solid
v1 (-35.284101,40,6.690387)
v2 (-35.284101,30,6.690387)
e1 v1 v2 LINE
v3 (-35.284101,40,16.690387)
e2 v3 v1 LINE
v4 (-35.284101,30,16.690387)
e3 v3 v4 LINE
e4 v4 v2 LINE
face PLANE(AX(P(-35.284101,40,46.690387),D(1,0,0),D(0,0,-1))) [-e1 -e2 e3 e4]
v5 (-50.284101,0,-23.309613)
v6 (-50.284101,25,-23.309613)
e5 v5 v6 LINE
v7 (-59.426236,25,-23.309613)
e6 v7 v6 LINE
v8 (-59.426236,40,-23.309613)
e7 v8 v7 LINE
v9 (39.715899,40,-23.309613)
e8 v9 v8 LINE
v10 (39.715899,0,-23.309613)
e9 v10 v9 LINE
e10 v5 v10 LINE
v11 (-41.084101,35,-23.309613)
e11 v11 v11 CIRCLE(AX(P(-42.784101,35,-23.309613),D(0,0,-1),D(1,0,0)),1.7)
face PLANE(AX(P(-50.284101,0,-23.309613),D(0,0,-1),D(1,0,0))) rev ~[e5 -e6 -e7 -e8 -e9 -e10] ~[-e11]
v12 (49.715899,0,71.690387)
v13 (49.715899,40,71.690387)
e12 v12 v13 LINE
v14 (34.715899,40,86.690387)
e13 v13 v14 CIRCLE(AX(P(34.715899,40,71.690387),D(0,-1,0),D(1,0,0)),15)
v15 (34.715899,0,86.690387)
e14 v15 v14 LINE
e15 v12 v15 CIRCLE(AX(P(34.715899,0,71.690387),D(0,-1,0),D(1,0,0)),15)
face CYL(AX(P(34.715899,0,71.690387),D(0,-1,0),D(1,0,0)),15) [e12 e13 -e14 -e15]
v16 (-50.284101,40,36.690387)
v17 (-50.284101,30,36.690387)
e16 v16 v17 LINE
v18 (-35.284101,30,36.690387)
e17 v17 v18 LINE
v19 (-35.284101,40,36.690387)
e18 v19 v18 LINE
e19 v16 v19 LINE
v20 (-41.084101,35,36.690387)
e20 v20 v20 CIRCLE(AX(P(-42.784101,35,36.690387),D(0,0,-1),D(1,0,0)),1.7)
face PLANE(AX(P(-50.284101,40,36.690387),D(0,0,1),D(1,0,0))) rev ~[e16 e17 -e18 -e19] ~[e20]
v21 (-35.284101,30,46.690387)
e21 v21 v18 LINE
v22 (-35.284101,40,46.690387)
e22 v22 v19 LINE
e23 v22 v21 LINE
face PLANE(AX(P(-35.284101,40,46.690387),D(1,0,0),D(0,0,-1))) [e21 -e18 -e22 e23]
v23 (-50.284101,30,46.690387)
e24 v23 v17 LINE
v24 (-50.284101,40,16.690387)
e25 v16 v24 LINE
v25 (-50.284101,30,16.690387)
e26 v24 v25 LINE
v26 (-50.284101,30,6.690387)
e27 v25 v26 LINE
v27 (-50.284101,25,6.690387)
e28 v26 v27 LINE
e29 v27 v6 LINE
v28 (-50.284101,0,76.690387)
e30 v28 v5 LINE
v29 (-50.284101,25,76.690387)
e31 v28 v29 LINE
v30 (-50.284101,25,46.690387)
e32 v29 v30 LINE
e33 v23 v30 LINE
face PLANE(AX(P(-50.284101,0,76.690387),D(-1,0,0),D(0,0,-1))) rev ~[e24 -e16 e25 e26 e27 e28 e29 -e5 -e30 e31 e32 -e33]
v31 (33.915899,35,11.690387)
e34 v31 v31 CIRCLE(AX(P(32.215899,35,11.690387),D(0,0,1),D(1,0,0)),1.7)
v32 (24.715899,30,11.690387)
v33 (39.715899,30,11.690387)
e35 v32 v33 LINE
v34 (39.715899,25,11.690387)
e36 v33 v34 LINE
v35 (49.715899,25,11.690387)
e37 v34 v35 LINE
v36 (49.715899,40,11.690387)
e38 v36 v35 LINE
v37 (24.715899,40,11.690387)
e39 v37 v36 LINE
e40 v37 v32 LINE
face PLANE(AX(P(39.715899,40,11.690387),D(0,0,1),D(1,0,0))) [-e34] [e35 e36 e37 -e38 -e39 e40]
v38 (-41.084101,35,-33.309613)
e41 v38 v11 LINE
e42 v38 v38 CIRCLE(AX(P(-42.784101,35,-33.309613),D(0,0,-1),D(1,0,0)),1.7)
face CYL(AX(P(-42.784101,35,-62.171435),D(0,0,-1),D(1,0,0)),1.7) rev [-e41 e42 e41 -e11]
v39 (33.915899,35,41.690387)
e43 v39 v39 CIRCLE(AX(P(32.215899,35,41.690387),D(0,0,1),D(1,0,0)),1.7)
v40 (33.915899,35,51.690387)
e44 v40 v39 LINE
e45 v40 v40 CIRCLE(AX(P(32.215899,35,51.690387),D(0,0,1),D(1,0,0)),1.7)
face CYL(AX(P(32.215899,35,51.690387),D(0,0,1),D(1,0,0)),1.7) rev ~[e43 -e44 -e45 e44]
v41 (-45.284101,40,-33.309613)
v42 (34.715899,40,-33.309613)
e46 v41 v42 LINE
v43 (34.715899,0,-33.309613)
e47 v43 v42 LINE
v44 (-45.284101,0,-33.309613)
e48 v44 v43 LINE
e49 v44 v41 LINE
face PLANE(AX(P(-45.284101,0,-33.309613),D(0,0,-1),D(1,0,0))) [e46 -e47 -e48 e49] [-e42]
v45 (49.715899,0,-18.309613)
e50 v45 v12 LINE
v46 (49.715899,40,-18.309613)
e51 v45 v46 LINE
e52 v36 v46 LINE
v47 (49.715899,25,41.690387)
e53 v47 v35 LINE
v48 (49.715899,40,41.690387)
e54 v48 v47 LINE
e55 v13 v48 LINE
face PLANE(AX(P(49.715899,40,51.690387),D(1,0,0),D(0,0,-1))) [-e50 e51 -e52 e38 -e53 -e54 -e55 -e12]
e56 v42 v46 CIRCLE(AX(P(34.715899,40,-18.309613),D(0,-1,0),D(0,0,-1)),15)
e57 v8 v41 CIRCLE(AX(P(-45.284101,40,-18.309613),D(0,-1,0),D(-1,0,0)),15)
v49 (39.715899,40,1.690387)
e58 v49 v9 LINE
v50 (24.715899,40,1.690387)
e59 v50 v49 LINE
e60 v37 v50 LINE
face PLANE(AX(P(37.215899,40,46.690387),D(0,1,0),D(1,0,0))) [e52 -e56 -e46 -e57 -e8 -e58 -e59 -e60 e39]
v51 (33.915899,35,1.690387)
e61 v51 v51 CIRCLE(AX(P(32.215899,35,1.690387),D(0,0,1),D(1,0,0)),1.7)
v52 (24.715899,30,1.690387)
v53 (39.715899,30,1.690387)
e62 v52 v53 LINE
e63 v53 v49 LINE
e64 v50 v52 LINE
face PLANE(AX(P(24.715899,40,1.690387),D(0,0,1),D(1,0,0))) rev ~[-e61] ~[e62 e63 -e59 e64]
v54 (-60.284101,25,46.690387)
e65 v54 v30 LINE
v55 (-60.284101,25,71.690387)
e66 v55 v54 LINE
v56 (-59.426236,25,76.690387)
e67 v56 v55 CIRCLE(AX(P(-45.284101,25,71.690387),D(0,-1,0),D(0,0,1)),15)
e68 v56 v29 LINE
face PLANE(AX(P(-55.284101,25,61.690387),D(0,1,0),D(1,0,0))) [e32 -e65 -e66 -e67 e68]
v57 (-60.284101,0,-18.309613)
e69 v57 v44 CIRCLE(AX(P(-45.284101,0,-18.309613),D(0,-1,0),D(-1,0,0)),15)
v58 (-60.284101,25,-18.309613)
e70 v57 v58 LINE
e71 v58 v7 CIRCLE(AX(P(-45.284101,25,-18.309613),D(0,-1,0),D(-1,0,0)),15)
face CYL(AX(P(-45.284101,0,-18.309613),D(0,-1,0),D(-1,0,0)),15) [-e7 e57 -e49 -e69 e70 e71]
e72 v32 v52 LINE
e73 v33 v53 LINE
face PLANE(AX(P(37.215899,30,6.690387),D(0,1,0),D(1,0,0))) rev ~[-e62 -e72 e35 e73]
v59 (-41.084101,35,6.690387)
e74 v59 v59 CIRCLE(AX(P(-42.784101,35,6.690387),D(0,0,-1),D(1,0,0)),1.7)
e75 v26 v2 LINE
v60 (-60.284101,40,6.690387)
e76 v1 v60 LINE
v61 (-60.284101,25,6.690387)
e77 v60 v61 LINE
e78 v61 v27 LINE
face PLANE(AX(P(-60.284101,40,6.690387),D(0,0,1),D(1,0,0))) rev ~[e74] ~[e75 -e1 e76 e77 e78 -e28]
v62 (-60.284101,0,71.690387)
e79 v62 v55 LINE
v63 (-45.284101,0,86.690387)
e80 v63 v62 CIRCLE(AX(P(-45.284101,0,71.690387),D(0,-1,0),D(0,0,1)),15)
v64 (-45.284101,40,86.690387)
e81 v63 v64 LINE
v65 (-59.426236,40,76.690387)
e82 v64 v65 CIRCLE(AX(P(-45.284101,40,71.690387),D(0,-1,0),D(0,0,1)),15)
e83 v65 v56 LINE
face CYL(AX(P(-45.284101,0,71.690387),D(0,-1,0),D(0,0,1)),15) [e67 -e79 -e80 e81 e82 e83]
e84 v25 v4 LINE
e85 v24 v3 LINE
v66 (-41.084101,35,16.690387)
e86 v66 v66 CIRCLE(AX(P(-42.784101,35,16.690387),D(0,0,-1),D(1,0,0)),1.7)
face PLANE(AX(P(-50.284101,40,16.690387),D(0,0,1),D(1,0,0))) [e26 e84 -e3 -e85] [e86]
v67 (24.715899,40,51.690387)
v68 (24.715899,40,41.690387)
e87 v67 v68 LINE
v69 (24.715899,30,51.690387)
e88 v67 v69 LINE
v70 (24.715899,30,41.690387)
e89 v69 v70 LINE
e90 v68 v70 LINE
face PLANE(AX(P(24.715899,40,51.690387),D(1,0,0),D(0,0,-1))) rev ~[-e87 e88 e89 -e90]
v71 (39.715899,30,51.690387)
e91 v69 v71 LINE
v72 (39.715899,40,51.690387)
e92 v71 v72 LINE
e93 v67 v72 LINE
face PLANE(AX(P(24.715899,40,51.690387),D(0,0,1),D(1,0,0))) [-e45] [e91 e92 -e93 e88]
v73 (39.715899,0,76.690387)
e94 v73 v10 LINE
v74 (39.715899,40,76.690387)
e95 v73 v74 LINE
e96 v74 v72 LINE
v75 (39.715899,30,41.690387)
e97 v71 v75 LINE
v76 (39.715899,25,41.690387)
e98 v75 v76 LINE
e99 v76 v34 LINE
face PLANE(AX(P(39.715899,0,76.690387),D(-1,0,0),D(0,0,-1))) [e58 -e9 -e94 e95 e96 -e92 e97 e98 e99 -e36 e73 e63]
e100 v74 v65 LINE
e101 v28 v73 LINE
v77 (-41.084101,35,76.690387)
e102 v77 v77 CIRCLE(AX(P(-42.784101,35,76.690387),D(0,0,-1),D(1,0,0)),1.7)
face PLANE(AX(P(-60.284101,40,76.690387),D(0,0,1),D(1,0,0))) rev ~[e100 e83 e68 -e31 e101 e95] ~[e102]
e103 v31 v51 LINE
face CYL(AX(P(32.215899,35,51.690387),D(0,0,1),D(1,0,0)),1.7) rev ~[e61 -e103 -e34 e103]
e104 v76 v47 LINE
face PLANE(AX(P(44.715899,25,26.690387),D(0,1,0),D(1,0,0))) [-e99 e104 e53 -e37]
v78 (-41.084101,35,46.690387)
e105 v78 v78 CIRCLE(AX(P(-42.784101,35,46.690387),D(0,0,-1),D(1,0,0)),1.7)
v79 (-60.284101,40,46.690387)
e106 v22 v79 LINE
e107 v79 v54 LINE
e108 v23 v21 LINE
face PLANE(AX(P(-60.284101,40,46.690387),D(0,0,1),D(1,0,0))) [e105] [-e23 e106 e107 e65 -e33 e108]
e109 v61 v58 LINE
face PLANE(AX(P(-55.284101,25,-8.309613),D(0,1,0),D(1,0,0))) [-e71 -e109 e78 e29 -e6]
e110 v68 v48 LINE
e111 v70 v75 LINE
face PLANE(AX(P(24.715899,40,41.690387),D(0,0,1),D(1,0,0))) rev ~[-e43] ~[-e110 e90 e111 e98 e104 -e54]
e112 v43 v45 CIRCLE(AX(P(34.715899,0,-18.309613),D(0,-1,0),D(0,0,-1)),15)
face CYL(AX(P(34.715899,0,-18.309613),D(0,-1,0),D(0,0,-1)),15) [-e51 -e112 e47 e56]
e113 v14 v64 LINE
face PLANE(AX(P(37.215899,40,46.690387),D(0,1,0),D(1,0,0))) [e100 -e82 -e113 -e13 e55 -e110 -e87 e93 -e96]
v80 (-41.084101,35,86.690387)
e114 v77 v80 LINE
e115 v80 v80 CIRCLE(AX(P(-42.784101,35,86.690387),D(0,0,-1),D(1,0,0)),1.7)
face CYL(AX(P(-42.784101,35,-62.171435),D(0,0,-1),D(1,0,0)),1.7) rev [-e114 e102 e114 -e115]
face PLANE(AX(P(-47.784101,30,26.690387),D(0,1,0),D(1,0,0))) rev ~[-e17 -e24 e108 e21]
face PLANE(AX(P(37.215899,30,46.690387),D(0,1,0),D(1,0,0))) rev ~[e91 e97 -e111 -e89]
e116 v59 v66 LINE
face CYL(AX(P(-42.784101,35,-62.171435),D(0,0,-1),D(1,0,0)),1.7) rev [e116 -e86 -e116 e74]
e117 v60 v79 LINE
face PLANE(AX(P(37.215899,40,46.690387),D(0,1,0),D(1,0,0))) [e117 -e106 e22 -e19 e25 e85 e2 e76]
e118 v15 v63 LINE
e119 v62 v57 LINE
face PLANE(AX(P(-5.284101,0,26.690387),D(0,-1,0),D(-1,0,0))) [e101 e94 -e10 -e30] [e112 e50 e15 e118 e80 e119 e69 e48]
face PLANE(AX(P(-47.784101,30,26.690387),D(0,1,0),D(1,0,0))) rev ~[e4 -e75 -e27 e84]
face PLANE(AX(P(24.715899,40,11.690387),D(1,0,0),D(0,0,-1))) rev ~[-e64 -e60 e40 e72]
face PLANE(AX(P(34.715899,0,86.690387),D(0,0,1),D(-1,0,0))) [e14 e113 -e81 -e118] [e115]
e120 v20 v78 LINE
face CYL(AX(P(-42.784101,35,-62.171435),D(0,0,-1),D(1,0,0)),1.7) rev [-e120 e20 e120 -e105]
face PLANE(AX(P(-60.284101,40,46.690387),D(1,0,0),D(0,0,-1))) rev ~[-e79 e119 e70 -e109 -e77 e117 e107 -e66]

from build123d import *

# Parameters (mm, degrees)
SKETCH1_W               = 90
SKETCH1_H               = 100
BOSS_EXTRUDE1_DEPTH     = 40
SKETCH3_W               = 25
SKETCH3_H               = 40
BOSS_EXTRUDE3_DEPTH     = 10
SKETCH5_W               = 15
SKETCH5_H               = 20
CUT_EXTRUDE1_DEPTH      = 10
SKETCH6_W               = 25
SKETCH6_H               = 10
BOSS_EXTRUDE4_DEPTH     = 10
SKETCH7_W               = 10
SKETCH7_H               = 30
CUT_EXTRUDE2_DEPTH      = 15
CUT_EXTRUDE3_DEPTH      = 108.861822617
CUT_EXTRUDE3_DEPTH_BACK = 108.861822617
SKETCH8_R               = 1.7
SKETCH9_R               = 1.7
CUT_EXTRUDE4_DEPTH      = 57


with BuildPart() as part:
    # Sketch1 → Boss-Extrude1 (new body)
    with BuildSketch(Plane(origin=(0, 0, 0), x_dir=(1, 0, 0), z_dir=(0, 1, 0))):
        with BuildLine():
            Line((-45.284100543, 33.309612736), (34.715899457, 33.309612736))
            ThreePointArc((34.715899457, 33.309612736), (45.322501175, 28.916214454), (49.715899457, 18.309612736))
            Line((49.715899457, 18.309612736), (49.715899457, -71.690387264))
            ThreePointArc((49.715899457, -71.690387264), (45.322501175, -82.296988982), (34.715899457, -86.690387264))
            Line((34.715899457, -86.690387264), (-45.284100543, -86.690387264))
            ThreePointArc((-45.284100543, -86.690387264), (-55.890702261, -82.296988982), (-60.284100543, -71.690387264))
            Line((-60.284100543, -71.690387264), (-60.284100543, 18.309612736))
            ThreePointArc((-60.284100543, 18.309612736), (-55.890702261, 28.916214454), (-45.284100543, 33.309612736))
        make_face()
        with Locations((-5.284100543, -26.690387264)):
            Rectangle(SKETCH1_W, SKETCH1_H, mode=Mode.SUBTRACT)
    extrude(amount=BOSS_EXTRUDE1_DEPTH)

    # Sketch3 → Boss-Extrude3 (add)
    with BuildSketch(Plane(origin=(0, 40, 0), x_dir=(1, 0, 0), z_dir=(0, 1, 0))):
        with Locations((-47.784100543, -26.690387264)):
            Rectangle(SKETCH3_W, SKETCH3_H)
    extrude(amount=-BOSS_EXTRUDE3_DEPTH)

    # Sketch5 → Cut-Extrude1 (cut)
    with BuildSketch(Plane(origin=(0, 40, 0), x_dir=(1, 0, 0), z_dir=(0, 1, 0))):
        with Locations((-42.784100543, -26.690387264)):
            Rectangle(SKETCH5_W, SKETCH5_H)
    extrude(amount=-CUT_EXTRUDE1_DEPTH, mode=Mode.SUBTRACT)

    # Sketch6 → Boss-Extrude4 (add)
    with BuildSketch(Plane(origin=(0, 40, 0), x_dir=(1, 0, 0), z_dir=(0, 1, 0))):
        with Locations((37.215899457, -46.690387264)):
            Rectangle(SKETCH6_W, SKETCH6_H)
        with Locations((37.215899457, -6.690387264)):
            Rectangle(SKETCH6_W, SKETCH6_H)
    extrude(amount=-BOSS_EXTRUDE4_DEPTH)

    # Sketch7 → Cut-Extrude2 (cut)
    with BuildSketch(Plane(origin=(0, 40, 0), x_dir=(1, 0, 0), z_dir=(0, 1, 0))):
        with Locations((-55.284100543, 8.309612736)):
            Rectangle(SKETCH7_W, SKETCH7_H)
        with Locations((-55.284100543, -61.690387264)):
            Rectangle(SKETCH7_W, SKETCH7_H)
        with Locations((44.715899457, -26.690387264)):
            Rectangle(SKETCH7_W, SKETCH7_H)
    extrude(amount=-CUT_EXTRUDE2_DEPTH, mode=Mode.SUBTRACT)

    # Sketch8 → Cut-Extrude3 (cut, two sides: drawn at the far end of the back side and taken through both)
    with BuildSketch(Plane.XY.offset(46.690387264).offset(-CUT_EXTRUDE3_DEPTH_BACK)):
        with Locations((-42.784100543, 35)):
            Circle(SKETCH8_R)
    extrude(amount=CUT_EXTRUDE3_DEPTH + CUT_EXTRUDE3_DEPTH_BACK, mode=Mode.SUBTRACT)

    # Sketch9 → Cut-Extrude4 (cut)
    with BuildSketch(Plane.XY.offset(51.690387264)):
        with Locations((32.215899457, 35)):
            Circle(SKETCH9_R)
    extrude(amount=-CUT_EXTRUDE4_DEPTH, mode=Mode.SUBTRACT)


solid = part.part
